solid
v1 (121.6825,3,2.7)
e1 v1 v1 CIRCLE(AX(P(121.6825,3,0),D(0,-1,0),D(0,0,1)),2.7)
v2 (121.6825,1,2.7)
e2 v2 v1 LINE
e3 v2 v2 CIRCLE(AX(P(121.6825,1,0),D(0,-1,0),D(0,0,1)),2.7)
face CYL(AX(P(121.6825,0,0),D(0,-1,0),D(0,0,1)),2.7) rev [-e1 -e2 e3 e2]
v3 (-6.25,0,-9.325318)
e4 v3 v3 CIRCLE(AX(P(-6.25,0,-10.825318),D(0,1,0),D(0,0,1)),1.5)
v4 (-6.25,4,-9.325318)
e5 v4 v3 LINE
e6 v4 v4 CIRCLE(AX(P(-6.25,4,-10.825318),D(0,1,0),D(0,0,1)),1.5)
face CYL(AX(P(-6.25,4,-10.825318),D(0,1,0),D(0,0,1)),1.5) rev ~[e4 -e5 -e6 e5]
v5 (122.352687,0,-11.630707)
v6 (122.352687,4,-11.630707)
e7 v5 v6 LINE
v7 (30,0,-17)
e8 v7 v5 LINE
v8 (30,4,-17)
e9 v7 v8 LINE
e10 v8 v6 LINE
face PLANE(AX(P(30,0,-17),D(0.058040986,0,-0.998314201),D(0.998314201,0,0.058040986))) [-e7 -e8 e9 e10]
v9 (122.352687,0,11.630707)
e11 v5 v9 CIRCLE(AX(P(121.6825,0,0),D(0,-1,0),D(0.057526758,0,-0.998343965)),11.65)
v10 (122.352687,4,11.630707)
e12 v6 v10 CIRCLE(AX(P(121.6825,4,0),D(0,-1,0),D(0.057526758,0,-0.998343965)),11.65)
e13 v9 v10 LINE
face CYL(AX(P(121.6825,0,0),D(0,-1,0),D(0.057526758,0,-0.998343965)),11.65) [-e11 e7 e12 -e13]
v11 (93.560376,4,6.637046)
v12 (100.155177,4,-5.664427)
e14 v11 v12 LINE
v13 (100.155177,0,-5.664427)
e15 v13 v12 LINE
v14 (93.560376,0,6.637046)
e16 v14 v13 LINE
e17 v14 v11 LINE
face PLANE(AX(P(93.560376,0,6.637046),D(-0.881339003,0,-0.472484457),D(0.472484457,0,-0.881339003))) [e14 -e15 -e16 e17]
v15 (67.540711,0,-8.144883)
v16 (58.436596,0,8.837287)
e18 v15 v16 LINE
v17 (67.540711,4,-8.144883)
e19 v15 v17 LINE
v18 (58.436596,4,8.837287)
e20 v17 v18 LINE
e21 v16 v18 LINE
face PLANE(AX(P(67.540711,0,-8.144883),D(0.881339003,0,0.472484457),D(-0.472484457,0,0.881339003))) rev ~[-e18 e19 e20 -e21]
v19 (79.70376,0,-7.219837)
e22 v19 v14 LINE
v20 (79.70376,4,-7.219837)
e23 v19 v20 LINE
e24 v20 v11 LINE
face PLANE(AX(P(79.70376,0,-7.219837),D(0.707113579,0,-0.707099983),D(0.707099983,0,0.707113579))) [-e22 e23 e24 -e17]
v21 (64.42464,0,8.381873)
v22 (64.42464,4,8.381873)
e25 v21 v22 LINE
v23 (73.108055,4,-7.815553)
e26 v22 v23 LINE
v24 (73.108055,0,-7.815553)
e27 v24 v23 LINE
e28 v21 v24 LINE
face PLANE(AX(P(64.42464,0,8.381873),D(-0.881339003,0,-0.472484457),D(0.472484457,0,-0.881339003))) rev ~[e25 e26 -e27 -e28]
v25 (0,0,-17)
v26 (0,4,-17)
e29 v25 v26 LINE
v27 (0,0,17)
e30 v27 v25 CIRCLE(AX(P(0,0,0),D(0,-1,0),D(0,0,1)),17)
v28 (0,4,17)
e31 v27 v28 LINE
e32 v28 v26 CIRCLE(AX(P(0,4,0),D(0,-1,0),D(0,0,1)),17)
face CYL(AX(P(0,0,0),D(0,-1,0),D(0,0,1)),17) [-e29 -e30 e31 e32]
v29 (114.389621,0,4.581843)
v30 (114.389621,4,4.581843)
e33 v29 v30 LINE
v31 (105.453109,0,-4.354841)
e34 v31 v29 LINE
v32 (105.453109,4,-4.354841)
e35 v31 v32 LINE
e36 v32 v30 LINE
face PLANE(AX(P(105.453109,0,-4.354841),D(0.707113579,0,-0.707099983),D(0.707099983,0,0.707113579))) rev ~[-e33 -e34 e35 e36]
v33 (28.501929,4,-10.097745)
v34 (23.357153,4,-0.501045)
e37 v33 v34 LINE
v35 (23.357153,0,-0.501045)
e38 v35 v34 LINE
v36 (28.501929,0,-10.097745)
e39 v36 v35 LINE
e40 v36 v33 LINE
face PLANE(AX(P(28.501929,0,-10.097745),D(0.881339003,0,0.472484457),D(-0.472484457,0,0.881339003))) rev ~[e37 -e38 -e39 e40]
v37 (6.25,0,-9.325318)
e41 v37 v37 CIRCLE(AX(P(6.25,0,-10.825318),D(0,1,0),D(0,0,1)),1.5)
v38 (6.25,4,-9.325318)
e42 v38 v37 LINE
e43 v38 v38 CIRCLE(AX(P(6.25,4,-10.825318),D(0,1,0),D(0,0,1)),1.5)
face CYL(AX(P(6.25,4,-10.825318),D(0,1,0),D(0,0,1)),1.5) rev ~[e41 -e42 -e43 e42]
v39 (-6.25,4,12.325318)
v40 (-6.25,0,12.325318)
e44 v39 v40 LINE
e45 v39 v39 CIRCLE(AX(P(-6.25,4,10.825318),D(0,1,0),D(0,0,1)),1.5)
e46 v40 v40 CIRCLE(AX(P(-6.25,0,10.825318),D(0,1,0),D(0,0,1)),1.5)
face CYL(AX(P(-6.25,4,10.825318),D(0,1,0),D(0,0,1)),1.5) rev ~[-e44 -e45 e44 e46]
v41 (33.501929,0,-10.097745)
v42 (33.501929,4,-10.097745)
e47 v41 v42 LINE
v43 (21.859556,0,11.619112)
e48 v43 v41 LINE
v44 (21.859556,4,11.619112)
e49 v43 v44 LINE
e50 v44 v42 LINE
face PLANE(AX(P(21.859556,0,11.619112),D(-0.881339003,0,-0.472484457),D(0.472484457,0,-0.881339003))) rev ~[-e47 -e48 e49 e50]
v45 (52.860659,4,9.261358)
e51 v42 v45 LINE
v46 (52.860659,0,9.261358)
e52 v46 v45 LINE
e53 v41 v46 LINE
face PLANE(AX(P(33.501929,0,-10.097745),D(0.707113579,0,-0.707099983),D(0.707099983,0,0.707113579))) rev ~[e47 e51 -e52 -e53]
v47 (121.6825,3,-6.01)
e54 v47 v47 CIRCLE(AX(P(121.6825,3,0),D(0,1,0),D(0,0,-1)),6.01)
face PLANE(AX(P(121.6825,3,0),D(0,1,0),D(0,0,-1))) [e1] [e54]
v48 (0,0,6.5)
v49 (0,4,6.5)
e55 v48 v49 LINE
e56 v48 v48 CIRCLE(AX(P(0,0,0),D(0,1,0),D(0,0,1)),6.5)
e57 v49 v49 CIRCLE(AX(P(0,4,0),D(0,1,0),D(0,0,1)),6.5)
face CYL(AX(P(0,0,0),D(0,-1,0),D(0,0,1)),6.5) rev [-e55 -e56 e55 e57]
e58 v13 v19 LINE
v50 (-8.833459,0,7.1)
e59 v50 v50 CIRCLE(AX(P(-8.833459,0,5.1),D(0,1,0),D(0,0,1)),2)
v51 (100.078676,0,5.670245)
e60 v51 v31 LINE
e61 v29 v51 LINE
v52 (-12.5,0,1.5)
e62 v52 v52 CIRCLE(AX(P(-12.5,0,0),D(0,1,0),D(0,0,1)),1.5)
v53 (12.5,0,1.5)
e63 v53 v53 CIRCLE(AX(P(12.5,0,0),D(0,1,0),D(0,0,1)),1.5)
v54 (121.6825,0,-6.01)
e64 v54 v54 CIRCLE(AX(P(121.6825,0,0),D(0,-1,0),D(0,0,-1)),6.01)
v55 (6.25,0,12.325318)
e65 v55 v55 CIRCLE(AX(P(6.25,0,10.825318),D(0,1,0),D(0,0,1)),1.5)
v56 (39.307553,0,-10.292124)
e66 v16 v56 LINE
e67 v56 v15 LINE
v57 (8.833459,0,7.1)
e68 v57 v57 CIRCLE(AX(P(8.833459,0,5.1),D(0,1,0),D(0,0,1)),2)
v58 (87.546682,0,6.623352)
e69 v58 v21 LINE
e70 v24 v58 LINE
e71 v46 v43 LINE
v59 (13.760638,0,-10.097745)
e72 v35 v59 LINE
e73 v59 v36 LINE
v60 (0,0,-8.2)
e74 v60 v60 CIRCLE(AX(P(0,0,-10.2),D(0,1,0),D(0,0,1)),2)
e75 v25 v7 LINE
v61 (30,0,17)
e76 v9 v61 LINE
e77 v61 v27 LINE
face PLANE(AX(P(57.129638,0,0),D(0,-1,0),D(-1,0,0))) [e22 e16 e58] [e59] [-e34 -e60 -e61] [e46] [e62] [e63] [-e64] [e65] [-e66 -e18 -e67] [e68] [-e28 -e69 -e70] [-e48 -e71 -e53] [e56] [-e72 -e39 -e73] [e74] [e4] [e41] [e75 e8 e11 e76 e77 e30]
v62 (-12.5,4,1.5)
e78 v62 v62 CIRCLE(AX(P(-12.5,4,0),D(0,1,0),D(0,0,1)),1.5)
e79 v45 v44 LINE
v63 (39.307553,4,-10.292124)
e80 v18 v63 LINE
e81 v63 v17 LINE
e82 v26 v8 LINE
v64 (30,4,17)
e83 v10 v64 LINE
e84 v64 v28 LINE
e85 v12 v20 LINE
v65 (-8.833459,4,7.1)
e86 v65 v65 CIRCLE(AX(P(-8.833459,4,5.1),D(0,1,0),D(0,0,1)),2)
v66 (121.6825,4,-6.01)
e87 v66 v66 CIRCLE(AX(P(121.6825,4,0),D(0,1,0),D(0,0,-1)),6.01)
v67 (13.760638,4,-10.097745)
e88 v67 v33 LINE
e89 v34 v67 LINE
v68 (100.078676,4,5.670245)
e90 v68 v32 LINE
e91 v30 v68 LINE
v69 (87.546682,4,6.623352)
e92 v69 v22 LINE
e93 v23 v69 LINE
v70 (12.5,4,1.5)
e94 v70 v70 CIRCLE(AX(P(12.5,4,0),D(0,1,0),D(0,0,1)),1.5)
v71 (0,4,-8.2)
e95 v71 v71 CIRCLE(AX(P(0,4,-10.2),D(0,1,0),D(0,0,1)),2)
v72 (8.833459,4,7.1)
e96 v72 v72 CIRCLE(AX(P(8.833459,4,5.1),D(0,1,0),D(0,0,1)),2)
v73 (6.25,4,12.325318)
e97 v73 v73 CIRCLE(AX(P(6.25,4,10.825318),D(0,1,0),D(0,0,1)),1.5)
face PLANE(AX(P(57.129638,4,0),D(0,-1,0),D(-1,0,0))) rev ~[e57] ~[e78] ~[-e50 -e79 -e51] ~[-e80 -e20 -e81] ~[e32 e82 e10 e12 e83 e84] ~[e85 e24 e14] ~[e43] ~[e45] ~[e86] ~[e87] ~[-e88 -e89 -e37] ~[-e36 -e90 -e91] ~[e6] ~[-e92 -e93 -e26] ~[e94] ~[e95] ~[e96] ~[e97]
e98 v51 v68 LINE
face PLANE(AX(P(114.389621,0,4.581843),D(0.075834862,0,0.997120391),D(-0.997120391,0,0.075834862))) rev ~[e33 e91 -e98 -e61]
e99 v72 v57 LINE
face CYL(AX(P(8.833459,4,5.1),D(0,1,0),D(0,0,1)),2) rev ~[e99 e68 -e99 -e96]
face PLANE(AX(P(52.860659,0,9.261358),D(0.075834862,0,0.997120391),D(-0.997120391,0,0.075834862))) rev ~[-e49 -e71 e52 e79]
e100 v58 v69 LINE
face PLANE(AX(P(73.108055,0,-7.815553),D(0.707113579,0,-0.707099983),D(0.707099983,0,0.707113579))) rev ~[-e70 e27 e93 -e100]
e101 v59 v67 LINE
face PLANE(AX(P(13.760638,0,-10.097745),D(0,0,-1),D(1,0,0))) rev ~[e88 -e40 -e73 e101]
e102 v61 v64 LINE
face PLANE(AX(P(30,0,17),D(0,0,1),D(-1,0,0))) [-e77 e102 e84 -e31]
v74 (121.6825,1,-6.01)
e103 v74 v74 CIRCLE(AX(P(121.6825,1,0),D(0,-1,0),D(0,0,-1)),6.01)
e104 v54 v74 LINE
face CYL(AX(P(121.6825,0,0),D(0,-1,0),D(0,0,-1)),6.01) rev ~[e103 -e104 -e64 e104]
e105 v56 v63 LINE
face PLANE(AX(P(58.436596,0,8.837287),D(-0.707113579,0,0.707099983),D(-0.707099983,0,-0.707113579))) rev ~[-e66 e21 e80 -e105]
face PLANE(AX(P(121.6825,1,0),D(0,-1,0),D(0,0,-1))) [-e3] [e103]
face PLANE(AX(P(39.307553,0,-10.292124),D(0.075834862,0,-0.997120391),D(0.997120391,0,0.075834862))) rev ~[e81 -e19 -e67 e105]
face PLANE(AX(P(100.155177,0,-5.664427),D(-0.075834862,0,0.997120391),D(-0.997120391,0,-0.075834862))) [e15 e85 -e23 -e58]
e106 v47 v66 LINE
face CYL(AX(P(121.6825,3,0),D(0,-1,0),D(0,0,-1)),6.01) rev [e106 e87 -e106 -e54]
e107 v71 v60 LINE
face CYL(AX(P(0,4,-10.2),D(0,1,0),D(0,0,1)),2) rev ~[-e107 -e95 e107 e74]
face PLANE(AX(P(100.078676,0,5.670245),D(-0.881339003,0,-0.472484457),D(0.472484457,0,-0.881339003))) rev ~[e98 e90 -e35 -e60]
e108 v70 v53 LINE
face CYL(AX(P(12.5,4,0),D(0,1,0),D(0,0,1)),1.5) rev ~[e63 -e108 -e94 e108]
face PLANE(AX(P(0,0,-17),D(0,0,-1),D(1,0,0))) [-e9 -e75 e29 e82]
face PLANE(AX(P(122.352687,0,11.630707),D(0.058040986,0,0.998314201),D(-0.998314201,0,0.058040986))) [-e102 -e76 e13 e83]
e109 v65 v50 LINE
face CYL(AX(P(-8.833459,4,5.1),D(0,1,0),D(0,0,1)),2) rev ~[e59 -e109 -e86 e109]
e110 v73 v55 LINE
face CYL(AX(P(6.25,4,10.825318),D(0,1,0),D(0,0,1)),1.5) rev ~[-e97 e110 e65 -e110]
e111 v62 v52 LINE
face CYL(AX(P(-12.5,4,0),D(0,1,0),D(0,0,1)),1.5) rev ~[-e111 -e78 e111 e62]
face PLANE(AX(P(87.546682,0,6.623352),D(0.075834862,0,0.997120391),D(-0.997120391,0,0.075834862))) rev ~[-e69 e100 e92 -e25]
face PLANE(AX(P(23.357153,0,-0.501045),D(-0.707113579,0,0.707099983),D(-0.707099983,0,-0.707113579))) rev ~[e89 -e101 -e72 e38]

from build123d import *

# Parameters (mm, degrees)
SKETCH_1_R          = 6.5
SKETCH_1_R_2        = 2.7
EXTRUDE_1_DEPTH     = 4
SKETCH_4_R          = 2
SKETCH_4_R_2        = 1.5
CUT_EXTRUDE_4_DEPTH = 135.471393041
SKETCH_5_R          = 6.01
CUT_EXTRUDE_5_DEPTH = 1
CUT_EXTRUDE_START   = -1
SKETCH_6_R          = 6.01
CUT_EXTRUDE_6_DEPTH = 1


with BuildPart() as part:
    # 草图1 → 凸台-拉伸1 (new body)
    with BuildSketch(Plane(origin=(0, 0, 0), x_dir=(1, 0, 0), z_dir=(0, 1, 0))):
        with BuildLine():
            Line((0, 16.99999971), (30, 16.99999971))
            Line((30, 16.99999971), (122.352686729, 11.63070719))
            ThreePointArc((122.352686729, 11.63070719), (133.3325, 0), (122.352686729, -11.63070719))
            Line((122.352686729, -11.63070719), (30, -16.99999971))
            Line((30, -16.99999971), (0, -16.99999971))
            ThreePointArc((0, -16.99999971), (-16.99999971, 0), (0, 16.99999971))
        make_face()
        with Locations(Location((0, 0, 0), (0, 0, 270))):
            Circle(SKETCH_1_R, mode=Mode.SUBTRACT)
        with Locations(Location((121.6825, 0, 0), (0, 0, 270))):
            Circle(SKETCH_1_R_2, mode=Mode.SUBTRACT)
        Polygon((33.501928657, 10.097744769), (52.860659349, -9.261358145), (21.859555817, -11.619111976), align=None, mode=Mode.SUBTRACT)
        Polygon((73.108054682, 7.815553359), (87.546682357, -6.623351936), (64.424639981, -8.381872691), align=None, mode=Mode.SUBTRACT)
        Polygon((79.703760078, 7.21983651), (93.560376125, -6.637045967), (100.155176587, 5.664427182), align=None, mode=Mode.SUBTRACT)
        Polygon((100.078676439, -5.670245314), (105.453109286, 4.354840622), (114.389620729, -4.581842649), align=None, mode=Mode.SUBTRACT)
        Polygon((39.307552848, 10.292124316), (67.540710691, 8.144883461), (58.436595957, -8.837286599), align=None, mode=Mode.SUBTRACT)
        Polygon((13.760637839, 10.097744769), (28.501928657, 10.097744769), (23.357153007, 0.501045083), align=None, mode=Mode.SUBTRACT)
    extrude(amount=EXTRUDE_1_DEPTH)

    # 草图4 → 切除-拉伸4 (cut, through all)
    with BuildSketch(Plane(origin=(0, 4, 0), x_dir=(1, 0, 0), z_dir=(0, 1, 0))):
        with Locations(Location((0, 10.2, 0), (0, 0, 270))):
            Circle(SKETCH_4_R)
        with Locations(Location((8.833459119, -5.1, 0), (0, 0, 270))):
            Circle(SKETCH_4_R)
        with Locations(Location((-8.833459119, -5.1, 0), (0, 0, 270))):
            Circle(SKETCH_4_R)
        with Locations(Location((-6.25, 10.825317547, 0), (0, 0, 270))):
            Circle(SKETCH_4_R_2)
        with Locations(Location((6.25, 10.825317547, 0), (0, 0, 270))):
            Circle(SKETCH_4_R_2)
        with Locations(Location((12.5, 0, 0), (0, 0, 270))):
            Circle(SKETCH_4_R_2)
        with Locations(Location((6.25, -10.825317547, 0), (0, 0, 270))):
            Circle(SKETCH_4_R_2)
        with Locations(Location((-6.25, -10.825317547, 0), (0, 0, 270))):
            Circle(SKETCH_4_R_2)
        with Locations(Location((-12.5, 0, 0), (0, 0, 270))):
            Circle(SKETCH_4_R_2)
    extrude(amount=-CUT_EXTRUDE_4_DEPTH, mode=Mode.SUBTRACT)

    # 草图5 → 切除-拉伸5 (cut)
    with BuildSketch(Plane.XZ):
        with Locations(Location((121.6825, 0, 0), (0, 0, 270))):
            Circle(SKETCH_5_R)
    extrude(amount=-CUT_EXTRUDE_5_DEPTH, mode=Mode.SUBTRACT)

    # 草图6 → 切除-拉伸6 (cut)
    with BuildSketch(Plane(origin=(0, 4, 0), x_dir=(1, 0, 0), z_dir=(0, 1, 0)).offset(CUT_EXTRUDE_START)):
        with Locations(Location((121.6825, 0, 0), (0, 0, 90))):
            Circle(SKETCH_6_R)
    extrude(amount=CUT_EXTRUDE_6_DEPTH, mode=Mode.SUBTRACT)


solid = part.part
